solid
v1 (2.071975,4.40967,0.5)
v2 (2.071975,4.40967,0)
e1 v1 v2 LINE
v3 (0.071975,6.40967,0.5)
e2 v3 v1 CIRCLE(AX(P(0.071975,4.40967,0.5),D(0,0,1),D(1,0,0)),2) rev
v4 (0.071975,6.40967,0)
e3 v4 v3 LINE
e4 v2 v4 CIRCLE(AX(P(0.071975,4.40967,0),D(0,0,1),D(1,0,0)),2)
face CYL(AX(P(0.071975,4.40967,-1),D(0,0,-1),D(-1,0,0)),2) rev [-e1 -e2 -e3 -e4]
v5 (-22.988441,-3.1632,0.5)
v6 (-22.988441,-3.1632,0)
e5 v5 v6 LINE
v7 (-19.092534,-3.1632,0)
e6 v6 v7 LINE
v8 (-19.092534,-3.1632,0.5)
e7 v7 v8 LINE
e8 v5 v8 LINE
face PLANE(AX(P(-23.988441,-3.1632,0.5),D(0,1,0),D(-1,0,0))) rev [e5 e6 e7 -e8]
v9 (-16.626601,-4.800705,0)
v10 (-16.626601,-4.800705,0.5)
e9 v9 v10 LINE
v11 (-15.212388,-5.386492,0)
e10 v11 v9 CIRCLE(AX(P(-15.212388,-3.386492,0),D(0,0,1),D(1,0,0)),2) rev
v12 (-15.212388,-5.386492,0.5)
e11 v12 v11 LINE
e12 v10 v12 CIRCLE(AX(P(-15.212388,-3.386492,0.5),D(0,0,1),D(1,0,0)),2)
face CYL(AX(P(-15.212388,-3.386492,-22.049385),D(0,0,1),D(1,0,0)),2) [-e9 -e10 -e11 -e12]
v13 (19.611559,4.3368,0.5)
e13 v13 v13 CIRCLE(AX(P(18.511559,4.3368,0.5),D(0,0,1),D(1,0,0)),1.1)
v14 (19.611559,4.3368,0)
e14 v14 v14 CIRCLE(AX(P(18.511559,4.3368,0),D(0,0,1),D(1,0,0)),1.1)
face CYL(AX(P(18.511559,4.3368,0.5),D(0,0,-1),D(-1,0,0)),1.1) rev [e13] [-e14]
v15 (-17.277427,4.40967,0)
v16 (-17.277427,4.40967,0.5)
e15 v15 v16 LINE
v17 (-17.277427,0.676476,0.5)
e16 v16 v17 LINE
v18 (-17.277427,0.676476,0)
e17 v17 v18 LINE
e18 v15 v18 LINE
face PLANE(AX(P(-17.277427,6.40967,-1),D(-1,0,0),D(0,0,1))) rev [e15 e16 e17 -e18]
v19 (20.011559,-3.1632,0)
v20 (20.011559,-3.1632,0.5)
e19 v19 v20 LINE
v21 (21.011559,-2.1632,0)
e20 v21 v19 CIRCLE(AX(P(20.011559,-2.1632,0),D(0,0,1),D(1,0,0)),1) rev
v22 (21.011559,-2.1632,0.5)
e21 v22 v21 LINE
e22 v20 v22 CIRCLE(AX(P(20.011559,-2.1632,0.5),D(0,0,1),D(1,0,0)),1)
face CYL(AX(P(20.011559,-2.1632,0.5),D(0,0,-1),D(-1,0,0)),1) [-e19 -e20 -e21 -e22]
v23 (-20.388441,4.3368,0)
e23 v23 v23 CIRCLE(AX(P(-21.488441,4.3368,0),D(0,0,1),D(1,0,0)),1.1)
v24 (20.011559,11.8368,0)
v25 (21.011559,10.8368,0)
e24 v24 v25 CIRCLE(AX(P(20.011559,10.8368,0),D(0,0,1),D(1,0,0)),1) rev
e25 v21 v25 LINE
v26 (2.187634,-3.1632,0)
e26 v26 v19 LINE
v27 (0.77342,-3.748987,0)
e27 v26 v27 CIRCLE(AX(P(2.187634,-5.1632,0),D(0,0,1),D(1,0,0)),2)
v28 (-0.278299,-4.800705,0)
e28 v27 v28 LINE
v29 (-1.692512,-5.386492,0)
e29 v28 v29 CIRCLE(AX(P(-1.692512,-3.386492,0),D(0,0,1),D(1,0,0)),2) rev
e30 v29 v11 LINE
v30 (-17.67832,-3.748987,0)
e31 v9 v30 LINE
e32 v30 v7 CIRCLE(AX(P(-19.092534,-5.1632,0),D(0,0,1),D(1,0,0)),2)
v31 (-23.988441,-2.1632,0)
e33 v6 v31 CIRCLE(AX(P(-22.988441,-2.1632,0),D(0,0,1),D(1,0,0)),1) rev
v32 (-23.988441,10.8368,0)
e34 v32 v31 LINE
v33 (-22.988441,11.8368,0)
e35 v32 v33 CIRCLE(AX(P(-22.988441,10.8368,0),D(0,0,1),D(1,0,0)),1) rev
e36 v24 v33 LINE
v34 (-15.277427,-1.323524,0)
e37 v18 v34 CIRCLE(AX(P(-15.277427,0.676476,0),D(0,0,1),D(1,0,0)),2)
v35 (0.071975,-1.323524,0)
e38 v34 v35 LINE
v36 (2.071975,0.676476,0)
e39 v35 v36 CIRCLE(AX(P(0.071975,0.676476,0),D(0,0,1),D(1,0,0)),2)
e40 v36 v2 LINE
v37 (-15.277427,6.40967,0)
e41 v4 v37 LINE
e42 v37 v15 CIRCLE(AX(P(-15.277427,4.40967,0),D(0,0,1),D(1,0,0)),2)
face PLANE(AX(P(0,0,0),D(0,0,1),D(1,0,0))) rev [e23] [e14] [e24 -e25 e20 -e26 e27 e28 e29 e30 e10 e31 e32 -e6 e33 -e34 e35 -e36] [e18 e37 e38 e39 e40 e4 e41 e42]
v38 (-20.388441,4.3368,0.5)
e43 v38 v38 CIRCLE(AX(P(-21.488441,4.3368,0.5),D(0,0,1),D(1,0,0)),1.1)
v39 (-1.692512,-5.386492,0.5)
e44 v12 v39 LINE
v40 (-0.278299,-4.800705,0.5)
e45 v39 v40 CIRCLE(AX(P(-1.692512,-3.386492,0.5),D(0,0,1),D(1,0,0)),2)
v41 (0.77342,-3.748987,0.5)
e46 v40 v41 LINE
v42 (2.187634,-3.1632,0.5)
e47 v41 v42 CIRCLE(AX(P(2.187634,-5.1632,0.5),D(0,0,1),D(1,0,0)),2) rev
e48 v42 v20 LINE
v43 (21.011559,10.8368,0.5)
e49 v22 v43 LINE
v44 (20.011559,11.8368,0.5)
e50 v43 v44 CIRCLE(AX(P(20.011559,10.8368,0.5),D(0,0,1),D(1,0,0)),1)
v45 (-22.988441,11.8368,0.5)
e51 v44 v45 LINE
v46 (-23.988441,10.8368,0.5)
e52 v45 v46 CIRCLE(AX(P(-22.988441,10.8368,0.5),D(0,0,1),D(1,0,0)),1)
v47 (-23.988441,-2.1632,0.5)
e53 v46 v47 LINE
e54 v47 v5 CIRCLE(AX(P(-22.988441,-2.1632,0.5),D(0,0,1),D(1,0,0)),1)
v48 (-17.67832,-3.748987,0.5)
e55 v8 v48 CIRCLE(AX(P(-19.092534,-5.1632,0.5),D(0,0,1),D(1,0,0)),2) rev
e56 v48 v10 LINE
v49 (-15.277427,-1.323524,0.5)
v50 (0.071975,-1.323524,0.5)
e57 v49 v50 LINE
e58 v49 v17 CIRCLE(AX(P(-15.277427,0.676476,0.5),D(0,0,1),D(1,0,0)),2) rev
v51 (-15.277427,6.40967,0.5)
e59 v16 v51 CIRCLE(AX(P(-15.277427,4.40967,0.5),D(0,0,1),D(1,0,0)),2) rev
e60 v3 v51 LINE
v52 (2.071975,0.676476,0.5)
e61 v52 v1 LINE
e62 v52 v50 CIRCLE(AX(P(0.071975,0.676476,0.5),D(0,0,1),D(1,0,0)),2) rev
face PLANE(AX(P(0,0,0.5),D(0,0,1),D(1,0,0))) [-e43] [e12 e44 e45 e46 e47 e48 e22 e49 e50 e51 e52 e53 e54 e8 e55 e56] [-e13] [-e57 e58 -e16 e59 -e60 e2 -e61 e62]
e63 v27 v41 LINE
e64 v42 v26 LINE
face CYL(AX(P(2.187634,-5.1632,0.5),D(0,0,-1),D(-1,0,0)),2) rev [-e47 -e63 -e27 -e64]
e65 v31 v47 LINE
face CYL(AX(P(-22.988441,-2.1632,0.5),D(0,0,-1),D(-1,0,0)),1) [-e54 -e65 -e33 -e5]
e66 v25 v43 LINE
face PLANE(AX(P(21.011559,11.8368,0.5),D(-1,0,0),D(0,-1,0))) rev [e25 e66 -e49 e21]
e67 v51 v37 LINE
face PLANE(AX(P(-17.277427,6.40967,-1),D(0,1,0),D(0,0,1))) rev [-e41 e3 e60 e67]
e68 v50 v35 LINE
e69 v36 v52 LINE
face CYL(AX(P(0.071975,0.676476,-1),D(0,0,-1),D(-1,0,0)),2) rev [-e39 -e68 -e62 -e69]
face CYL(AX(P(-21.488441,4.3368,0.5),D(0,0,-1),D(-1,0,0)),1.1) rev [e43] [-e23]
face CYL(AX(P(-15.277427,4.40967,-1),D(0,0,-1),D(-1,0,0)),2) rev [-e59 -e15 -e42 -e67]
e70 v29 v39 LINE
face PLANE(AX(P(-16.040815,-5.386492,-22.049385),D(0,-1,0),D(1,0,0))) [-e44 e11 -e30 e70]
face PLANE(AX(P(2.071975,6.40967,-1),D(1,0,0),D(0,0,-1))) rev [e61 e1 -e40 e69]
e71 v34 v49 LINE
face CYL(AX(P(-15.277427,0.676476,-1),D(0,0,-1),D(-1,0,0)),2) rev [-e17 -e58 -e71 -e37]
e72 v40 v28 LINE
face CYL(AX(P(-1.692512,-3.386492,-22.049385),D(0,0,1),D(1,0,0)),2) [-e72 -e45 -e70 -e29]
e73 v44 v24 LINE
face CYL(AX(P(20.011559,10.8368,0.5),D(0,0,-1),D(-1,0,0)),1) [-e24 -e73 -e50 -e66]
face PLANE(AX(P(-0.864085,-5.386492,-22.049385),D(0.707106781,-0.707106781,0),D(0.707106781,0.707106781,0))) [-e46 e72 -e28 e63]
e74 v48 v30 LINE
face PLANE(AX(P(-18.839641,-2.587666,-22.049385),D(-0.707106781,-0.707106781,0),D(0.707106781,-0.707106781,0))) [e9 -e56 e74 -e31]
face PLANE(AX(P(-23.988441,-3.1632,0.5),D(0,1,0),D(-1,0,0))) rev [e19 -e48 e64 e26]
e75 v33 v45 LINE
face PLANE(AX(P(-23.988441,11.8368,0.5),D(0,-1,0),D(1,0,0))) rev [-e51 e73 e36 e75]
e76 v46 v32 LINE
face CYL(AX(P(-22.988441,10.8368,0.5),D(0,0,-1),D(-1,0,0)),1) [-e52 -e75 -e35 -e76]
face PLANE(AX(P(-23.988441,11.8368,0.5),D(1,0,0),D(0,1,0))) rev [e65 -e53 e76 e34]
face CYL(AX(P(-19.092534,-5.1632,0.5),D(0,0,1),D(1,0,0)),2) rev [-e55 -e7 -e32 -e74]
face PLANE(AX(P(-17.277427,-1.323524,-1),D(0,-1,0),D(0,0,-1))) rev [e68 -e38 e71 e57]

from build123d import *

# Parameters (mm, degrees)
SKETCH_1_W          = 45
SKETCH_1_H          = 15
SKETCH_1_R          = 1.1
EXTRUDE_1_DEPTH     = 0.5
SKETCH_2_W          = 19.349402369
SKETCH_2_H          = 7.733193781
CUT_EXTRUDE_1_DEPTH = 1.5
FILLET_2_R          = 1
FILLET_3_R          = 2
EXTRUDE_2_DEPTH     = 0.5
FILLET_4_R          = 2


with BuildPart() as part:
    # 草图1 → 凸台-拉伸1 (new body)
    with BuildSketch(Plane.XY):
        with Locations((-1.488440653, 4.336799691)):
            Rectangle(SKETCH_1_W, SKETCH_1_H)
        with Locations((-21.488440653, 4.336799691)):
            Circle(SKETCH_1_R, mode=Mode.SUBTRACT)
        with Locations((18.511559347, 4.336799691)):
            Circle(SKETCH_1_R, mode=Mode.SUBTRACT)
    extrude(amount=EXTRUDE_1_DEPTH)

    # 草图2 → 切除-拉伸1 (cut)
    with BuildSketch(Plane.XY.offset(0.5)):
        with Locations((-7.602725981, 2.54307272)):
            Rectangle(SKETCH_2_W, SKETCH_2_H)
    extrude(amount=-CUT_EXTRUDE_1_DEPTH, mode=Mode.SUBTRACT)

    # 圆角2
    fillet_2_edges = [part.edges().sort_by_distance(p)[0] for p in [
        (21.011559347, -3.163200309, 0.25),
        (-23.988440653, -3.163200309, 0.25),
        (-23.988440653, 11.836799691, 0.25),
        (21.011559347, 11.836799691, 0.25),
    ]]
    fillet(fillet_2_edges, radius=FILLET_2_R)

    # 圆角3
    fillet_3_edges = [part.edges().sort_by_distance(p)[0] for p in [
        (2.071975204, 6.40966961, 0.25),
        (2.071975204, -1.323524171, 0.25),
        (-17.277427165, -1.323524171, 0.25),
        (-17.277427165, 6.40966961, 0.25),
    ]]
    fillet(fillet_3_edges, radius=FILLET_3_R)

    # 草图3 → 凸台-拉伸2 (add)
    with BuildSketch(Plane.XY.offset(0.5)):
        Polygon((-18.839640509, -2.587666371), (-16.040814973, -5.386491907), (-0.864084954, -5.386491907), (2.88813454, -1.634272413), align=None)
    extrude(amount=-EXTRUDE_2_DEPTH)

    # 圆角4
    fillet_4_edges = [part.edges().sort_by_distance(p)[0] for p in [
        (-18.26410657, -3.163200309, 0.25),
        (1.359206644, -3.163200309, 0.25),
        (-16.040814973, -5.386491907, 0.25),
        (-0.864084954, -5.386491907, 0.25),
    ]]
    fillet(fillet_4_edges, radius=FILLET_4_R)


solid = part.part
